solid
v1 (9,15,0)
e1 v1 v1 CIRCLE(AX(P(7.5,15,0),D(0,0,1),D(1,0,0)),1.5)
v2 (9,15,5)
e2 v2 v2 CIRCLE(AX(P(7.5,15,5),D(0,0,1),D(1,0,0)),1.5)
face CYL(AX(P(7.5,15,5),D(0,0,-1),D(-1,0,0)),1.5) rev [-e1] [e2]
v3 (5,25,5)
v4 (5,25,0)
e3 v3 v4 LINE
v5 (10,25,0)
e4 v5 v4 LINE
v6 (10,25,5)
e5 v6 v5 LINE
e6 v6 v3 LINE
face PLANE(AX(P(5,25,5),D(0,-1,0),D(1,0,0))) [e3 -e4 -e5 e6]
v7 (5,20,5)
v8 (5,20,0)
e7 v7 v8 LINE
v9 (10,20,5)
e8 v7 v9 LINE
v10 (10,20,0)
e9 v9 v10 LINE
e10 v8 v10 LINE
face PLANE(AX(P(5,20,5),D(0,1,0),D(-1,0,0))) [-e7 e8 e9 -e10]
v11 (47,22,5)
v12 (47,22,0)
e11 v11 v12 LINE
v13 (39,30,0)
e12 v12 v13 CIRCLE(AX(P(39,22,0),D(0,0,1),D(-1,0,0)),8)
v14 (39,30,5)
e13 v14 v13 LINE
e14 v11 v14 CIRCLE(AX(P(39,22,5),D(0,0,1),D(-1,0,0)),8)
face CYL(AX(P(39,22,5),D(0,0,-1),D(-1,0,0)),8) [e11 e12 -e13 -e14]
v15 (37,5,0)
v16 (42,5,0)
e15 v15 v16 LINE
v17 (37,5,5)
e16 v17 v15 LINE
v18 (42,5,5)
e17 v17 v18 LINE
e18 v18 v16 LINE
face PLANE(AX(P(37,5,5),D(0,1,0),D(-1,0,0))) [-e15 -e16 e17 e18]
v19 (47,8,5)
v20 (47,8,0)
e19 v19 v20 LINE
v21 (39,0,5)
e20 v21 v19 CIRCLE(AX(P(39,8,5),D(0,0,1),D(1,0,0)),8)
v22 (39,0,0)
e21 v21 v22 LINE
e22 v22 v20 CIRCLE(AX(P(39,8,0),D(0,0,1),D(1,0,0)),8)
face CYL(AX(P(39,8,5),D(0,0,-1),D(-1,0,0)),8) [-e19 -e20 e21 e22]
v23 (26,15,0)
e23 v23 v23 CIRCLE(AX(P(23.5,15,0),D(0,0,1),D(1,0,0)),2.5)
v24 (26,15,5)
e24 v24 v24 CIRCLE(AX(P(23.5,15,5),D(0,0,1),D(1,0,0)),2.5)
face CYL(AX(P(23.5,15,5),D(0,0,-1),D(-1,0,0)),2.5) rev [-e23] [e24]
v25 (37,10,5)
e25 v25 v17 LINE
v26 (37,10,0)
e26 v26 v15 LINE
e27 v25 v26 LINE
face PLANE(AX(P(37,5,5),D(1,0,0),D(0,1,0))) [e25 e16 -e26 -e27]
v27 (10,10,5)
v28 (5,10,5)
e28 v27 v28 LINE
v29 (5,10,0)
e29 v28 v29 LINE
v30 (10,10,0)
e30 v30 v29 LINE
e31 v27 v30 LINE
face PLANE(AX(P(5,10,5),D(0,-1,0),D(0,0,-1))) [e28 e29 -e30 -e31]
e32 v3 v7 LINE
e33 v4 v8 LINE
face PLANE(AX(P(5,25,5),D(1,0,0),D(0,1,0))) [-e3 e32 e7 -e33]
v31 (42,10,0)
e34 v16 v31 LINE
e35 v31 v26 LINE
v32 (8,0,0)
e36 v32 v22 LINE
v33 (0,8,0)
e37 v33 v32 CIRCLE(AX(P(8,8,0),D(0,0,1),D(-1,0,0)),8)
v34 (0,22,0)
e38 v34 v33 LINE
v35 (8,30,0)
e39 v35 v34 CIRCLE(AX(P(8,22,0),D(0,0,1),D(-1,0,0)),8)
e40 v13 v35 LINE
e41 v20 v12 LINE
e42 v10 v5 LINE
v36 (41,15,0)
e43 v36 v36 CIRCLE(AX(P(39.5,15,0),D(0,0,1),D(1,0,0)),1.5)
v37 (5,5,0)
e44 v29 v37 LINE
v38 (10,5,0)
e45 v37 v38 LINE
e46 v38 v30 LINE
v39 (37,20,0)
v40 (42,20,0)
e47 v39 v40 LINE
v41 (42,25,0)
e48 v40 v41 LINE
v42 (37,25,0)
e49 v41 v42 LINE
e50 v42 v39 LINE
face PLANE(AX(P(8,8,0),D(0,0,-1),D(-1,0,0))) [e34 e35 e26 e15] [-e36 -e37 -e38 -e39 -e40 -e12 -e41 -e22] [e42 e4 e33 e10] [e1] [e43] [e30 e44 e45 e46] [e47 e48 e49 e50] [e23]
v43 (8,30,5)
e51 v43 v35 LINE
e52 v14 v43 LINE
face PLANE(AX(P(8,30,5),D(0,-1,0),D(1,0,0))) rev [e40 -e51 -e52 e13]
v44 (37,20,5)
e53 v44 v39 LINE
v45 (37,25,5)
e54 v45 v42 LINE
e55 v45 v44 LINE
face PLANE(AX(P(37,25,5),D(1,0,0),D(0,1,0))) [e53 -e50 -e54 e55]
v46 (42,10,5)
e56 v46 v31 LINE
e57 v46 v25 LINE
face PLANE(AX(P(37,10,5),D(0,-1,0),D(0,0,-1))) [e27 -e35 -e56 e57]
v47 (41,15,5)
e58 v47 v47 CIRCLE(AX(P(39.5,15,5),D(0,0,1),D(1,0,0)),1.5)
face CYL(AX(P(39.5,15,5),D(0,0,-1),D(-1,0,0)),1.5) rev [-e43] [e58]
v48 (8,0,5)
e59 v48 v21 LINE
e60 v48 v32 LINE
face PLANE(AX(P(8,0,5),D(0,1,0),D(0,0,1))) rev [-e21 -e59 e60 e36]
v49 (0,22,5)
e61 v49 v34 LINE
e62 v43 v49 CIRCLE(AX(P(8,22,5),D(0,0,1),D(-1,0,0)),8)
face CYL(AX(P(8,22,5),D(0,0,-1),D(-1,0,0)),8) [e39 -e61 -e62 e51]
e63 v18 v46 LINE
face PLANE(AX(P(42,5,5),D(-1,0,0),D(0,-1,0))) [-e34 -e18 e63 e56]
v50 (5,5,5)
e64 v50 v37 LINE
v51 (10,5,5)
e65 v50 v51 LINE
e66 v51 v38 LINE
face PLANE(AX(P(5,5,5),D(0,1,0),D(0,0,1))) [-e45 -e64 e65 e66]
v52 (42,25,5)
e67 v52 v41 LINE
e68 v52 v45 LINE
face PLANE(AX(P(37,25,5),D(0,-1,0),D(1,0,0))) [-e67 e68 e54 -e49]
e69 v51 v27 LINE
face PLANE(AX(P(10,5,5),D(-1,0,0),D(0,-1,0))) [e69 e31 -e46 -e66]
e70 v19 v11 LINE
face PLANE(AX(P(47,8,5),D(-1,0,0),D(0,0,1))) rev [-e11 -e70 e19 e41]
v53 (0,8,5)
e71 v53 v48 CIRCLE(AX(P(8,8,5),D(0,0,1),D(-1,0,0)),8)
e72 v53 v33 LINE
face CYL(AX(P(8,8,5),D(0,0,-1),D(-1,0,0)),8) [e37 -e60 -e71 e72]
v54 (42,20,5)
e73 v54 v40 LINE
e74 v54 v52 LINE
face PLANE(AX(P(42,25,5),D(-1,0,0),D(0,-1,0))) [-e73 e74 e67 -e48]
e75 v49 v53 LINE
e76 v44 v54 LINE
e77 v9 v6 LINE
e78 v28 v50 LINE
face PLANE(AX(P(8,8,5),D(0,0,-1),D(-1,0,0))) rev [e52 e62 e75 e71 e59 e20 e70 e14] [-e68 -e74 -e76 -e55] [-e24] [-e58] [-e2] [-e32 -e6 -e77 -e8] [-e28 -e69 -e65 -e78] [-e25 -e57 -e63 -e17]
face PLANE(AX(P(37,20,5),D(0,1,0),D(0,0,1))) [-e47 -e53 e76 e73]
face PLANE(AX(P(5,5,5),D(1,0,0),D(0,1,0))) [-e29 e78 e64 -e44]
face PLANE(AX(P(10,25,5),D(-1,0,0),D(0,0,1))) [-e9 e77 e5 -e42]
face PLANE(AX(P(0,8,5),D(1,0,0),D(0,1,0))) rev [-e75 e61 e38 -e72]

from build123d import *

# Parameters (mm, degrees)
ESQUISSE1_R        = 1.5
ESQUISSE1_R_2      = 2.5
ESQUISSE1_W        = 5
ESQUISSE1_H        = 5
BOSS_EXTRU_1_DEPTH = 5


with BuildPart() as part:
    # Esquisse1 → Boss.-Extru.1 (new body)
    with BuildSketch(Plane.XY):
        with BuildLine():
            Line((8, 0), (39, 0))
            ThreePointArc((39, 0), (44.656854249, 2.343145751), (47, 8))
            Line((47, 8), (47, 22))
            ThreePointArc((47, 22), (44.656854249, 27.656854249), (39, 30))
            Line((39, 30), (8, 30))
            ThreePointArc((8, 30), (2.343145751, 27.656854249), (0, 22))
            Line((0, 22), (0, 8))
            ThreePointArc((0, 8), (2.343145751, 2.343145751), (8, 0))
        make_face()
        with Locations((7.5, 15)):
            Circle(ESQUISSE1_R, mode=Mode.SUBTRACT)
        with Locations((39.5, 15)):
            Circle(ESQUISSE1_R, mode=Mode.SUBTRACT)
        with Locations((23.5, 15)):
            Circle(ESQUISSE1_R_2, mode=Mode.SUBTRACT)
        with Locations((7.5, 22.5)):
            Rectangle(ESQUISSE1_W, ESQUISSE1_H, mode=Mode.SUBTRACT)
        with Locations((39.5, 22.5)):
            Rectangle(ESQUISSE1_W, ESQUISSE1_H, mode=Mode.SUBTRACT)
        with Locations((39.5, 7.5)):
            Rectangle(ESQUISSE1_W, ESQUISSE1_H, mode=Mode.SUBTRACT)
        with Locations((7.5, 7.5)):
            Rectangle(ESQUISSE1_W, ESQUISSE1_H, mode=Mode.SUBTRACT)
    extrude(amount=BOSS_EXTRU_1_DEPTH)


solid = part.part
